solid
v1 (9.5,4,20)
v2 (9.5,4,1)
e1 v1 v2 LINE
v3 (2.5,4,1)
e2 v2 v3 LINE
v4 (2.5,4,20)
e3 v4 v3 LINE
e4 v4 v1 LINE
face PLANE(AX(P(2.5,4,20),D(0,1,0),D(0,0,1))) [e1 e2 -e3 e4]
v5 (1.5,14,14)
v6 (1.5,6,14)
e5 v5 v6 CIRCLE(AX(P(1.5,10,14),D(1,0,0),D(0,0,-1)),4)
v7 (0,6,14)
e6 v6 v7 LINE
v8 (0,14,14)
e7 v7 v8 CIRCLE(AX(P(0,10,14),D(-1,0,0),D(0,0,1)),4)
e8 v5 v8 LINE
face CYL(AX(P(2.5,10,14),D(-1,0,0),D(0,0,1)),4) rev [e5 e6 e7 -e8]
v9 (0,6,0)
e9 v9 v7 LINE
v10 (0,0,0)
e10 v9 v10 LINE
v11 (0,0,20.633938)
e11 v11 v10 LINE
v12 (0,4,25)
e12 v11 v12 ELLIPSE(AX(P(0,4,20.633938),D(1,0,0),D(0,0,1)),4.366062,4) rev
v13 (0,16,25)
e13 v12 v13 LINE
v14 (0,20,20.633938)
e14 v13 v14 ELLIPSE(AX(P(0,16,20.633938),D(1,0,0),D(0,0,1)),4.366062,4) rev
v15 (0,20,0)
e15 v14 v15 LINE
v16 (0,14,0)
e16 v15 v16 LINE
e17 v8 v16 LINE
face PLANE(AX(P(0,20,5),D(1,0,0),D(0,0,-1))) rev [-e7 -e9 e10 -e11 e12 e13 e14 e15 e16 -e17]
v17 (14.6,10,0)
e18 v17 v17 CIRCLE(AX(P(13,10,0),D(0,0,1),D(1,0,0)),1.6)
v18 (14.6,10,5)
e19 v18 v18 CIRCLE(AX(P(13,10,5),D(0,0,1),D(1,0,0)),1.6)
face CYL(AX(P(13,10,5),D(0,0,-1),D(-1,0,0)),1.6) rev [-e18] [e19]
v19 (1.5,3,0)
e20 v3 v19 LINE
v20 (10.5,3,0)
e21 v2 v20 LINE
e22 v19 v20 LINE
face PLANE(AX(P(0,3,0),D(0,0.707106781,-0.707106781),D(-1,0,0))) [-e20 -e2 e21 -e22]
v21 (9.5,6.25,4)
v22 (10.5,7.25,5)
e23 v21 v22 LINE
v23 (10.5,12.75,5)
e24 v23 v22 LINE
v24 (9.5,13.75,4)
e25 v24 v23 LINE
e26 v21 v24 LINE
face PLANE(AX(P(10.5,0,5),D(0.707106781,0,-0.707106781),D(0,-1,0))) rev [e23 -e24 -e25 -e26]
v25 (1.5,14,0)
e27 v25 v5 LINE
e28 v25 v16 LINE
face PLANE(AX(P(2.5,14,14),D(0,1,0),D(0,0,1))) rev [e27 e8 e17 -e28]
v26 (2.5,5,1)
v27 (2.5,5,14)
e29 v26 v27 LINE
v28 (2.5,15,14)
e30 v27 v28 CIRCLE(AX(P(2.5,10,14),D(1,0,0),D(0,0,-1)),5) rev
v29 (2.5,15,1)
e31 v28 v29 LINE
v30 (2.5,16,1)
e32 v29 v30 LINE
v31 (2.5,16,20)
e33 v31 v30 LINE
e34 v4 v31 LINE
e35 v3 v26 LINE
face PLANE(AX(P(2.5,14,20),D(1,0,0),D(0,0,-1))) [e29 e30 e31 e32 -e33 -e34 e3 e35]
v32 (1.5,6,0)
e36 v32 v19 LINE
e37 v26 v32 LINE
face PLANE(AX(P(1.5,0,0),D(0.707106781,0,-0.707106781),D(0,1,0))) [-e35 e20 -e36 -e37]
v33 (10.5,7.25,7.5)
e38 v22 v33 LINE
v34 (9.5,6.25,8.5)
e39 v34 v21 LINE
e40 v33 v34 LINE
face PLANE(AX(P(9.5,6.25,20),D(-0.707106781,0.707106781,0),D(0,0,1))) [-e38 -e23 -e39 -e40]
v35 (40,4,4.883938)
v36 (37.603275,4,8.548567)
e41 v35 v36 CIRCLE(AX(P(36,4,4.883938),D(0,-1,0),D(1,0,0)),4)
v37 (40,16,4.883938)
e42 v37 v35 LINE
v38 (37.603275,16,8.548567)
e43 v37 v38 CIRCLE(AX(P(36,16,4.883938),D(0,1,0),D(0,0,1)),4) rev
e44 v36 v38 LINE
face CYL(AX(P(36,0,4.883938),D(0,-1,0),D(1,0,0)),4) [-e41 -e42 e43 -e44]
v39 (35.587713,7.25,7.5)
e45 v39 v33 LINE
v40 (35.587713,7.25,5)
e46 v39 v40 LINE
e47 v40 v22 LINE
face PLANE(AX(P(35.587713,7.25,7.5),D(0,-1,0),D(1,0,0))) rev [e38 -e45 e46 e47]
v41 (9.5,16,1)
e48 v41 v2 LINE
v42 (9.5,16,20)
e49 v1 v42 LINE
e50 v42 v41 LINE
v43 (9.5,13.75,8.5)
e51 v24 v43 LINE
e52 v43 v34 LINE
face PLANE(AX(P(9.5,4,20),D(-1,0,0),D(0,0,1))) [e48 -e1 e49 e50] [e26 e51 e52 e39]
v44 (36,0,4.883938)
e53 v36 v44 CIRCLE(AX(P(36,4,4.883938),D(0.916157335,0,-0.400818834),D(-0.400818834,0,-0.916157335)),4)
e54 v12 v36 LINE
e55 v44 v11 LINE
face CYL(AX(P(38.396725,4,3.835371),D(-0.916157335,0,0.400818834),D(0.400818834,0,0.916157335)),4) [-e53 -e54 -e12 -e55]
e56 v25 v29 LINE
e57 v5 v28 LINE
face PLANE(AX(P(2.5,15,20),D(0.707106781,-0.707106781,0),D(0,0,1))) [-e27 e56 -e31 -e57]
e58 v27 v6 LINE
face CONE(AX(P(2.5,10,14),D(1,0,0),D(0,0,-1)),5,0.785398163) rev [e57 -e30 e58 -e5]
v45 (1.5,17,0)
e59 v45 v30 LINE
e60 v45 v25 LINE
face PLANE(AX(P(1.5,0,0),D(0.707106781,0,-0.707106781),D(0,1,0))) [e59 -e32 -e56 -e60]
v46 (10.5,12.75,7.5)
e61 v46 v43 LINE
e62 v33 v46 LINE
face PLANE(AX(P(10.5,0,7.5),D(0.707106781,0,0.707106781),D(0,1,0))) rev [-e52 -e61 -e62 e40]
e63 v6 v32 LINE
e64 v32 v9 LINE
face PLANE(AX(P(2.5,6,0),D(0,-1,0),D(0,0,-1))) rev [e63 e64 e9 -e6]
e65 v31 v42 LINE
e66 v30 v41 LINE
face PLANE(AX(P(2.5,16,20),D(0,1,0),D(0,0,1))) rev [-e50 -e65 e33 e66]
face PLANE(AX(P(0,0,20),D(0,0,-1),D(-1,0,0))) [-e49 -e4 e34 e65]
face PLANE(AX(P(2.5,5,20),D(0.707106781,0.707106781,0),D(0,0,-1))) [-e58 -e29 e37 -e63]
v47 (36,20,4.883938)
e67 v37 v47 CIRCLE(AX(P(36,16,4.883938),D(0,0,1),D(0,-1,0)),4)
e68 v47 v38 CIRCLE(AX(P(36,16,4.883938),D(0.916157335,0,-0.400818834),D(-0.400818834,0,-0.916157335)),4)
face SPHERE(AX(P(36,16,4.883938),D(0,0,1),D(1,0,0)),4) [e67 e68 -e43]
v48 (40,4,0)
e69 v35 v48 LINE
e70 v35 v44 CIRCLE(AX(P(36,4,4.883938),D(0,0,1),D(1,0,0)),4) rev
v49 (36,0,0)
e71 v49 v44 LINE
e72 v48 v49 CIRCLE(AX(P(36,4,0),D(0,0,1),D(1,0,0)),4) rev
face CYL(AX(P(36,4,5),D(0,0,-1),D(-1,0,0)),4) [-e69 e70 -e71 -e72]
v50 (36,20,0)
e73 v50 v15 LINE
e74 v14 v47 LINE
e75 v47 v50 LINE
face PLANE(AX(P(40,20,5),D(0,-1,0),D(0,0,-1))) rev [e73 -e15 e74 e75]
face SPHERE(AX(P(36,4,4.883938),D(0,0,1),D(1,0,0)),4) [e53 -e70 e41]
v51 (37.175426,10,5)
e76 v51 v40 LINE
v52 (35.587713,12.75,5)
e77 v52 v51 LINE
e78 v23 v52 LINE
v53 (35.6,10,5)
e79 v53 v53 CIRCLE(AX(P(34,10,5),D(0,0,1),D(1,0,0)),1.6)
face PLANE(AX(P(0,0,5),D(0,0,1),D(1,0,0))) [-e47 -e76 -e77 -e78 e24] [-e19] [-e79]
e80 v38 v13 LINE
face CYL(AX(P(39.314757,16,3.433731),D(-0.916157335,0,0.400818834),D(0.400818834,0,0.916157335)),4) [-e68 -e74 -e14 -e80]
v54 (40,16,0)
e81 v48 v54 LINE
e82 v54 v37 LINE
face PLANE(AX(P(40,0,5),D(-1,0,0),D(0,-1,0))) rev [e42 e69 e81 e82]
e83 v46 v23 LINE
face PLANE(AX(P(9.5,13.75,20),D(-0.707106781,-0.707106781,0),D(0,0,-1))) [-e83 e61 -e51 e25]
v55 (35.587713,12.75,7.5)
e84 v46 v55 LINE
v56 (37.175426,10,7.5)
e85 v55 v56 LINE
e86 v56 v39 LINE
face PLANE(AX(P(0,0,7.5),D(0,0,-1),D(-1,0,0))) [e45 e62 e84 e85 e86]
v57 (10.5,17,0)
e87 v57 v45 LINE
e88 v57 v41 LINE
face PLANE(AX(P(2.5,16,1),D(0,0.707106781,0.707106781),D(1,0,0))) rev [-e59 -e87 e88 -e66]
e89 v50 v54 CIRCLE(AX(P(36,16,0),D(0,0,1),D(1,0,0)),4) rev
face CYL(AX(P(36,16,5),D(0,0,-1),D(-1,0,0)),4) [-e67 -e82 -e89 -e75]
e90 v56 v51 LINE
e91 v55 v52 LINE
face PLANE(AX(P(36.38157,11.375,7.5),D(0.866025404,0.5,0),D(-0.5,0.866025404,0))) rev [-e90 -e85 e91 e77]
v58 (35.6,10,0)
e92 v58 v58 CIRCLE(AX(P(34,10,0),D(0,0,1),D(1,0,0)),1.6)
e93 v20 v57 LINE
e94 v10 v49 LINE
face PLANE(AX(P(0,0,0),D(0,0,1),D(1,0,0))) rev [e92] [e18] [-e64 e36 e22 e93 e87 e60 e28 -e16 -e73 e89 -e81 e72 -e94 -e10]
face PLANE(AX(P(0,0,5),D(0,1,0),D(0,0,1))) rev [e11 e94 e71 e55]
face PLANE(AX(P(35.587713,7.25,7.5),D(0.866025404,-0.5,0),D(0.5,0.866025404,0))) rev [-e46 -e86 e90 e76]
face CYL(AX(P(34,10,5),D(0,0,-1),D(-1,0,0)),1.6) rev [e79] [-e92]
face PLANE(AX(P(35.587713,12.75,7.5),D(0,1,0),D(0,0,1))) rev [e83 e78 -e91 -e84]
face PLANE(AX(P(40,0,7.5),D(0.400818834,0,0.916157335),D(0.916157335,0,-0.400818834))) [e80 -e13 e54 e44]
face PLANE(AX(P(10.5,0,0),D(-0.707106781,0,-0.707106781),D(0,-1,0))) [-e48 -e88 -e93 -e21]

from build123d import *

# Parameters (mm, degrees)
SKETCH1_W           = 40
SKETCH1_H           = 20
SKETCH1_R           = 1.6
BOSS_EXTRUDE1_DEPTH = 5
BOSS_EXTRUDE2_DEPTH = 2.5
BOSS_EXTRUDE3_DEPTH = 20
CUT_EXTRUDE1_DEPTH  = 2.5
CUT_EXTRUDE2_DEPTH  = 20
FILLET1_R           = 4
CHAMFER1_SIZE       = 1


with BuildPart() as part:
    # Sketch1 → Boss-Extrude1 (new body)
    with BuildSketch(Plane.XY):
        with Locations((20, 10)):
            Rectangle(SKETCH1_W, SKETCH1_H)
        with Locations((13, 10)):
            Circle(SKETCH1_R, mode=Mode.SUBTRACT)
        with Locations((34, 10)):
            Circle(SKETCH1_R, mode=Mode.SUBTRACT)
    extrude(amount=BOSS_EXTRUDE1_DEPTH)

    # Sketch3 → Boss-Extrude2 (add)
    with BuildSketch(Plane.XY.offset(5)):
        Polygon((35.58771324, 7.25), (36.38156986, 8.625), (37.175426481, 10), (36.38156986, 11.375), (35.58771324, 12.75), (0, 12.75), (0, 20), (40, 20), (40, 0), (0, 0), (0, 7.25), align=None)
    extrude(amount=BOSS_EXTRUDE2_DEPTH)

    # Sketch4 → Boss-Extrude3 (add, through all)
    with BuildSketch(Plane(origin=(0, 20, 0), x_dir=(1, 0, 0), z_dir=(0, 1, 0))):
        Polygon((40, -7.5), (0, -25), (0, -7.5), align=None)
    extrude(amount=-BOSS_EXTRUDE3_DEPTH)

    # Sketch6 → Cut-Extrude1 (cut)
    with BuildSketch(Plane.ZY):
        with BuildLine():
            Line((0, 10), (0, 6))
            Line((0, 6), (14, 6))
            ThreePointArc((14, 6), (18, 10), (14, 14))
            Line((14, 14), (0, 14))
            Line((0, 14), (0, 10))
        make_face()
    extrude(amount=-CUT_EXTRUDE1_DEPTH, mode=Mode.SUBTRACT)

    # Sketch7 → Cut-Extrude2 (cut)
    with BuildSketch(Plane(origin=(0, 0, 0), x_dir=(-1, 0, 0), z_dir=(0, 0, -1))):
        Polygon((-2.5, 14), (-2.5, 16), (-9.5, 16), (-9.5, 4), (-2.5, 4), (-2.5, 6), align=None)
    extrude(amount=-CUT_EXTRUDE2_DEPTH, mode=Mode.SUBTRACT)

    # Fillet1
    fillet1_edges = [part.edges().sort_by_distance(p)[0] for p in [
        (40, 10, 7.5),
        (20, 0, 16.25),
        (20, 20, 16.25),
        (40, 20, 3.75),
        (40, 0, 3.75),
    ]]
    fillet(fillet1_edges, radius=FILLET1_R)

    # Chamfer1
    chamfer1_edges = [part.edges().sort_by_distance(p)[0] for p in [
        (2.5, 14, 7),
        (2.5, 10, 18),
        (2.5, 6, 7),
        (9.5, 12.75, 6.25),
        (9.5, 7.25, 6.25),
        (2.5, 5, 0),
        (2.5, 15, 0),
        (6, 4, 0),
        (9.5, 10, 5),
        (9.5, 10, 7.5),
        (9.5, 10, 0),
        (6, 16, 0),
    ]]
    chamfer(chamfer1_edges, length=CHAMFER1_SIZE)


solid = part.part
